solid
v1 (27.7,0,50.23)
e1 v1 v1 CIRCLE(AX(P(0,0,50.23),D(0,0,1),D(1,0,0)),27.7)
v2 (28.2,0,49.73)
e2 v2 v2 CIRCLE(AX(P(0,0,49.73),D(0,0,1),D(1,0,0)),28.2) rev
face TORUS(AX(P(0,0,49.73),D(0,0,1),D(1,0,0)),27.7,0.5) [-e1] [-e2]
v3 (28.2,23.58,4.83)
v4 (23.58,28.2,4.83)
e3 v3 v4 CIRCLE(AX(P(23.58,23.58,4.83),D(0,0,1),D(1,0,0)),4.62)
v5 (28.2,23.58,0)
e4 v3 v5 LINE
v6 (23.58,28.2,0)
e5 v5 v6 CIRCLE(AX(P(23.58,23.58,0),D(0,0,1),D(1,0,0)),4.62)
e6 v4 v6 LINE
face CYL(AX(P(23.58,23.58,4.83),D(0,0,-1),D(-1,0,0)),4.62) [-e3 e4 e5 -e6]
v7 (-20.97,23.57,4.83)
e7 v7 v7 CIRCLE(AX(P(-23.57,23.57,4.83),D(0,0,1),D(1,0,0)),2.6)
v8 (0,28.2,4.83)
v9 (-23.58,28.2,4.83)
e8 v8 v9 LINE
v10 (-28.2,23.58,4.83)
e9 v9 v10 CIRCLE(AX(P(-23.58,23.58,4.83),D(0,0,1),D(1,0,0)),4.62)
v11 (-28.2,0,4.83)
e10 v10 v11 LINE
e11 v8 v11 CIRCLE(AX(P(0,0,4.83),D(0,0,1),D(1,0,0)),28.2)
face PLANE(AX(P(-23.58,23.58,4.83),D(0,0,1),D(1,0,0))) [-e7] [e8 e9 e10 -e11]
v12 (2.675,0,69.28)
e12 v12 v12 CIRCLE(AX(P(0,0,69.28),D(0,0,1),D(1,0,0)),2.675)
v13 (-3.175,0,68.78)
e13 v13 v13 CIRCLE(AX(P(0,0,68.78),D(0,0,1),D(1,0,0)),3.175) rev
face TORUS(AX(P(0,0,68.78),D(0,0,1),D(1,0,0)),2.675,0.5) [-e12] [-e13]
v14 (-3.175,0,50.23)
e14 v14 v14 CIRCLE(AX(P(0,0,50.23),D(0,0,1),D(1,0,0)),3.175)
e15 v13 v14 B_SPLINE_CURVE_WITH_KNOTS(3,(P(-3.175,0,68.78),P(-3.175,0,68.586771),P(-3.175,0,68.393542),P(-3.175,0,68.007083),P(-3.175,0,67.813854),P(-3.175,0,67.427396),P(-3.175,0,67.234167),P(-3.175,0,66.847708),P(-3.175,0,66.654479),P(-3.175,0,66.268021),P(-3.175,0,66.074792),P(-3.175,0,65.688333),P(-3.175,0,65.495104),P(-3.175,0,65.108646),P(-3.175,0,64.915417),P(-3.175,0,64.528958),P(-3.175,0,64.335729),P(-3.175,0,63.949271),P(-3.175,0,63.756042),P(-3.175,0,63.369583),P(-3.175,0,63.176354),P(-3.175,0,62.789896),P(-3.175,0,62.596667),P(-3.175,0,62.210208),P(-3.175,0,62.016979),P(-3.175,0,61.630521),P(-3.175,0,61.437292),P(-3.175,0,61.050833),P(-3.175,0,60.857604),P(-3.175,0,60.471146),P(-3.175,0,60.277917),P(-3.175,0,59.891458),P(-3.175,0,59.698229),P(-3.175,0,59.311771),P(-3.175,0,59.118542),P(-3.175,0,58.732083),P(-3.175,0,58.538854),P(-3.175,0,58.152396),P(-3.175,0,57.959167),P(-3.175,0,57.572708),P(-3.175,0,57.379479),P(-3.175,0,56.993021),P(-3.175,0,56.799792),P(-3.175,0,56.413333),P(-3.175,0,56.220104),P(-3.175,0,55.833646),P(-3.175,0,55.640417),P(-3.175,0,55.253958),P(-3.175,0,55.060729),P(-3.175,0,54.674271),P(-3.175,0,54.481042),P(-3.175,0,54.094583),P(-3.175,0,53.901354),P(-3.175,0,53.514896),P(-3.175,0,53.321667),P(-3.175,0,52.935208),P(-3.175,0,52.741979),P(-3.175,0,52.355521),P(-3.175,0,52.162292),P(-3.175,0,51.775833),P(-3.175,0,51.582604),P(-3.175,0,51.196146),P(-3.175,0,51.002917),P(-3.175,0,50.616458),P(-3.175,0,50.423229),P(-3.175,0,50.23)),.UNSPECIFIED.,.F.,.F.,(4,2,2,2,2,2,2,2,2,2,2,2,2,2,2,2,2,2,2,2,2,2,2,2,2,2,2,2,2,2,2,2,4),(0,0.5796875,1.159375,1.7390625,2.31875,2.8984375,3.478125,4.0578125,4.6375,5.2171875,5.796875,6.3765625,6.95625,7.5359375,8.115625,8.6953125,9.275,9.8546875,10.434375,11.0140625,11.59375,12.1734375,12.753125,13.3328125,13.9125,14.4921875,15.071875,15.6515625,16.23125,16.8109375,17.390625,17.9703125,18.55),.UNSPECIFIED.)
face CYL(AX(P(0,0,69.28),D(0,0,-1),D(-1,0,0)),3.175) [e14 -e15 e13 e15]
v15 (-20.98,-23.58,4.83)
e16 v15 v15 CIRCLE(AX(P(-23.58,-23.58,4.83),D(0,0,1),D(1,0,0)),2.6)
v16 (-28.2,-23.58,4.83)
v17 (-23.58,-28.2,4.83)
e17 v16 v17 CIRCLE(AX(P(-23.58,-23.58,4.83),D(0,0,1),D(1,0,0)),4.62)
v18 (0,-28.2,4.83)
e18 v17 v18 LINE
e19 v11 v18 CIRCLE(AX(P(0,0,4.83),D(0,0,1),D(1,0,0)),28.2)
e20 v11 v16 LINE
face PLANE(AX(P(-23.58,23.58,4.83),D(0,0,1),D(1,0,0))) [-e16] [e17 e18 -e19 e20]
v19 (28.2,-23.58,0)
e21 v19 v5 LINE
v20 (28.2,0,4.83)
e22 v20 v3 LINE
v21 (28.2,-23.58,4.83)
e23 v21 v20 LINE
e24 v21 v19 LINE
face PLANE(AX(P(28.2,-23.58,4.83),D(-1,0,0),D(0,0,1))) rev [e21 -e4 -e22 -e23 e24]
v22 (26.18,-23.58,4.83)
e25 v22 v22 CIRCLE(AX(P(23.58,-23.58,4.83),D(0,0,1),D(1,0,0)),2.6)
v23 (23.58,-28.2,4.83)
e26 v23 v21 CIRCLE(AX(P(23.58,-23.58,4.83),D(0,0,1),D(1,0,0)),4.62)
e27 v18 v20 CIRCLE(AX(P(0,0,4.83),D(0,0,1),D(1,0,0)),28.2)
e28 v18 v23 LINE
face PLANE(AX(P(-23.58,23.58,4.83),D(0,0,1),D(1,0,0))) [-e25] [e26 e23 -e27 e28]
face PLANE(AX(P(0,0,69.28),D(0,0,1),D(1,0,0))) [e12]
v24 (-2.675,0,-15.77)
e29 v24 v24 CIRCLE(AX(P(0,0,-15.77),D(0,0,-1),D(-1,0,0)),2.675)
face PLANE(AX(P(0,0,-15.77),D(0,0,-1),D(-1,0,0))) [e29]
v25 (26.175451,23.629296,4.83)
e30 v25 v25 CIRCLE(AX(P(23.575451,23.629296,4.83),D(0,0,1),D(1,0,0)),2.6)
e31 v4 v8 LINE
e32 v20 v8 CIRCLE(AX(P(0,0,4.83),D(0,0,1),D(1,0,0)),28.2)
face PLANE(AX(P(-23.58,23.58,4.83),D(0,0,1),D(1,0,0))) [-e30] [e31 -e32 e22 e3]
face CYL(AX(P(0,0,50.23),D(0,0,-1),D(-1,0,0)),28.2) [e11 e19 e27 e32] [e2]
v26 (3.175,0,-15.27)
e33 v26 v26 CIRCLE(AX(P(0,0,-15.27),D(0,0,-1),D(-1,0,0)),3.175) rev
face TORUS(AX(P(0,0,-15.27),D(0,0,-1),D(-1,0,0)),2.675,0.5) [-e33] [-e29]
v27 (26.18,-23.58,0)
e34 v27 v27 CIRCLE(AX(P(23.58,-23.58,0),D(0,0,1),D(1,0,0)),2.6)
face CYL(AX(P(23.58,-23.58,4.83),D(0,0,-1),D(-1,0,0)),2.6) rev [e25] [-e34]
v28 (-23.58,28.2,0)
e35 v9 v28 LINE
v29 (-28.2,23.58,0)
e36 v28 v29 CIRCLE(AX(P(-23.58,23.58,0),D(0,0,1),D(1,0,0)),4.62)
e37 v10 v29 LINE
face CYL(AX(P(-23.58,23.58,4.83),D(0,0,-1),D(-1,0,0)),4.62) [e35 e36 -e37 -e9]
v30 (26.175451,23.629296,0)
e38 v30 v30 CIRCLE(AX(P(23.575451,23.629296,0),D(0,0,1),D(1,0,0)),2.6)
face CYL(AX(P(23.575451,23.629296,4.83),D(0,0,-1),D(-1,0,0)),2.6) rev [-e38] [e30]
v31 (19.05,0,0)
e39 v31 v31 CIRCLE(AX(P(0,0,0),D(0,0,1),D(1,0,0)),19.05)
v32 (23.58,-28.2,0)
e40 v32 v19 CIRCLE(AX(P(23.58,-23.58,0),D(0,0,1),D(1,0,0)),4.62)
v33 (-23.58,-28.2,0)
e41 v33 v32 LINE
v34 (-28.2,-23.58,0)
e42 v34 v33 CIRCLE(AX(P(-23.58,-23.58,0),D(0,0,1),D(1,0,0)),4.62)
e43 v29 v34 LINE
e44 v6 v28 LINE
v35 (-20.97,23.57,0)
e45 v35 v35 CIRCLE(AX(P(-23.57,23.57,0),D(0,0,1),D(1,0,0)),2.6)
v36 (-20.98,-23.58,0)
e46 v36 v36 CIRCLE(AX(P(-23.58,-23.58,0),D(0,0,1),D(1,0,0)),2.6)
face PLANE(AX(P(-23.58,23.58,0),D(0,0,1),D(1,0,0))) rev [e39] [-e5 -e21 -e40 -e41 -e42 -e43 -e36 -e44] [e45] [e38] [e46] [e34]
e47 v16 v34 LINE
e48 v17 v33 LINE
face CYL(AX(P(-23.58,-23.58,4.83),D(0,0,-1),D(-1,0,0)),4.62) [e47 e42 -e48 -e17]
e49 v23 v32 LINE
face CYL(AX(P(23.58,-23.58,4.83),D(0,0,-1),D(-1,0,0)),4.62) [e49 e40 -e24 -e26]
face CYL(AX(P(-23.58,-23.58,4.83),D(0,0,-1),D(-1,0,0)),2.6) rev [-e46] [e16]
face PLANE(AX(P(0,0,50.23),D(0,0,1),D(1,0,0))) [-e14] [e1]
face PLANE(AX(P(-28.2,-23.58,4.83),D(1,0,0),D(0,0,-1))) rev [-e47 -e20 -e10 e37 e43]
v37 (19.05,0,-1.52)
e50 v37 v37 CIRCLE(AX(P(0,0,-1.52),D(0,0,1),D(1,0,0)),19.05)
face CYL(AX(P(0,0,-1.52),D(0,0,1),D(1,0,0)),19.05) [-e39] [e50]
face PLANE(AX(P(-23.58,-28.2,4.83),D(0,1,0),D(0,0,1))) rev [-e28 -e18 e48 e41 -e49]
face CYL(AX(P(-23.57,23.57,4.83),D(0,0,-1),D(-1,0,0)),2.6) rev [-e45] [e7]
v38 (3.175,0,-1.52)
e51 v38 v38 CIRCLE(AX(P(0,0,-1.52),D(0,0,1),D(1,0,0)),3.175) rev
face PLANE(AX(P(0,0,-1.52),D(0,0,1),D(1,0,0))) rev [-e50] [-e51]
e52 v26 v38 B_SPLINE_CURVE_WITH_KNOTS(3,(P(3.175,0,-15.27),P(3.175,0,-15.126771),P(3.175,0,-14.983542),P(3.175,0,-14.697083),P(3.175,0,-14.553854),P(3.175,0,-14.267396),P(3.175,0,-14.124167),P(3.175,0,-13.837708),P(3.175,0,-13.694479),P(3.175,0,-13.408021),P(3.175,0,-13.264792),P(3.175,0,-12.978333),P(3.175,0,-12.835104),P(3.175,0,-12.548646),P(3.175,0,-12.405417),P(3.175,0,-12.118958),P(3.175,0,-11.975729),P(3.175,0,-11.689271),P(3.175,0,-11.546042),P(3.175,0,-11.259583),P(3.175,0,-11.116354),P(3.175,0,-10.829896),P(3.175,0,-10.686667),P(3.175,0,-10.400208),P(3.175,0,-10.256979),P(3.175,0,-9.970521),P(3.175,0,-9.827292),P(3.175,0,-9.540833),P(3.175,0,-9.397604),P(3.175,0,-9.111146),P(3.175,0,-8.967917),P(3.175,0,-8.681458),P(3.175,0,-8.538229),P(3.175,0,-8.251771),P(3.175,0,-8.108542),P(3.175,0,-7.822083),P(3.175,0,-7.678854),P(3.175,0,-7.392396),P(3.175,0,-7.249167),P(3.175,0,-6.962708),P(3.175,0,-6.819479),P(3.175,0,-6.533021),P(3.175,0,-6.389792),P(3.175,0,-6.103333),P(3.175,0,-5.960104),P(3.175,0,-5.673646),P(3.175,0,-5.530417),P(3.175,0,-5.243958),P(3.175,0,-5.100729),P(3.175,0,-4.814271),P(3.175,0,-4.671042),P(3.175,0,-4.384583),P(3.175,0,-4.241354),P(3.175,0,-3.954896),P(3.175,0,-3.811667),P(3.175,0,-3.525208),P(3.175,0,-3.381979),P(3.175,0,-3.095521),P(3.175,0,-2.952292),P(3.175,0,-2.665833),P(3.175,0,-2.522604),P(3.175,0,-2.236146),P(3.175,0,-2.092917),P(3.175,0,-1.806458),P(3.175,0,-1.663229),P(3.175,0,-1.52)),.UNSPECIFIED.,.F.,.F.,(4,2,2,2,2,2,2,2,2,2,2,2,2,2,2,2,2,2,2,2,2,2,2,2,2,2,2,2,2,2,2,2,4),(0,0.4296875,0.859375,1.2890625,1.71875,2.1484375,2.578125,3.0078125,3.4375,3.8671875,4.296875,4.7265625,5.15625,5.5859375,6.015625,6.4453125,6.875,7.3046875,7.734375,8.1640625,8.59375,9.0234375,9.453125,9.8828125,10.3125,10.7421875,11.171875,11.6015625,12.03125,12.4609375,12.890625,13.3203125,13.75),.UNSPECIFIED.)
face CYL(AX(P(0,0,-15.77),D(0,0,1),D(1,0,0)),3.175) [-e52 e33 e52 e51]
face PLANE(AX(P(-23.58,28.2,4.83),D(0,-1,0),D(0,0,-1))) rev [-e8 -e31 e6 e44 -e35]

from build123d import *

# Parameters (mm, degrees)
ESBO_O1_R                = 2.6
ESBO_O1_R_2              = 3.175
RESSALTO_EXTRUS_O1_DEPTH = 4.83
RESSALTO_EXTRUS_O2_START = -1.52
ESBO_O2_R                = 19.05
ESBO_O2_R_2              = 3.175
RESSALTO_EXTRUS_O2_DEPTH = 1.52
ESBO_O3_R                = 28.2
RESSALTO_EXTRUS_O3_DEPTH = 45.4
RESSALTO_EXTRUS_O4_START = 20.6
ESBO_O4_R                = 3.175
RESSALTO_EXTRUS_O4_DEPTH = 20.6
FILETE1_R                = 0.5
ESBO_O5_R                = 3.175
RESSALTO_EXTRUS_O5_DEPTH = 19.05
FILETE2_R                = 0.5
FILETE3_R                = 0.5


with BuildPart() as part:
    # Esboço1 → Ressalto-extrusão1 (new body)
    with BuildSketch(Plane.XY):
        with BuildLine():
            Line((-23.58, -28.2), (23.58, -28.2))
            ThreePointArc((23.58, -28.2), (26.846833329, -26.846833329), (28.2, -23.58))
            Line((28.2, -23.58), (28.2, 23.58))
            ThreePointArc((28.2, 23.58), (26.846833329, 26.846833329), (23.58, 28.2))
            Line((23.58, 28.2), (-23.58, 28.2))
            ThreePointArc((-23.58, 28.2), (-26.846833329, 26.846833329), (-28.2, 23.58))
            Line((-28.2, 23.58), (-28.2, -23.58))
            ThreePointArc((-28.2, -23.58), (-26.846833329, -26.846833329), (-23.58, -28.2))
        make_face()
        with Locations((-23.57, 23.57)):
            Circle(ESBO_O1_R, mode=Mode.SUBTRACT)
        with Locations((23.575450692, 23.629295607)):
            Circle(ESBO_O1_R, mode=Mode.SUBTRACT)
        with Locations((23.58, -23.58)):
            Circle(ESBO_O1_R, mode=Mode.SUBTRACT)
        with Locations((-23.58, -23.58)):
            Circle(ESBO_O1_R, mode=Mode.SUBTRACT)
        Circle(ESBO_O1_R_2, mode=Mode.SUBTRACT)
    extrude(amount=RESSALTO_EXTRUS_O1_DEPTH)

    # Esboço2 → Ressalto-extrusão2 (add)
    with BuildSketch(Plane.XY.offset(RESSALTO_EXTRUS_O2_START)):
        Circle(ESBO_O2_R)
        Circle(ESBO_O2_R_2, mode=Mode.SUBTRACT)
    extrude(amount=RESSALTO_EXTRUS_O2_DEPTH)

    # Esboço3 → Ressalto-extrusão3 (add)
    with BuildSketch(Plane.XY.offset(4.83)):
        Circle(ESBO_O3_R)
    extrude(amount=RESSALTO_EXTRUS_O3_DEPTH)

    # Esboço4 → Ressalto-extrusão4 (add)
    with BuildSketch(Plane(origin=(0, 0, 4.83), x_dir=(-1, 0, 0), z_dir=(0, 0, -1)).offset(RESSALTO_EXTRUS_O4_START)):
        with Locations(Location((0, 0, 0), (0, 0, 180))):
            Circle(ESBO_O4_R)
    extrude(amount=-RESSALTO_EXTRUS_O4_DEPTH)

    # Filete1
    filete1_edges = [part.edges().sort_by_distance(p)[0] for p in [
        (-3.175, 0, -15.77),
    ]]
    fillet(filete1_edges, radius=FILETE1_R)

    # Esboço5 → Ressalto-extrusão5 (add)
    with BuildSketch(Plane.XY.offset(50.23)):
        Circle(ESBO_O5_R)
    extrude(amount=RESSALTO_EXTRUS_O5_DEPTH)

    # Filete2
    filete2_edges = [part.edges().sort_by_distance(p)[0] for p in [
        (-3.175, 0, 69.28),
    ]]
    fillet(filete2_edges, radius=FILETE2_R)

    # Filete3
    filete3_edges = [part.edges().sort_by_distance(p)[0] for p in [
        (-28.2, 0, 50.23),
    ]]
    fillet(filete3_edges, radius=FILETE3_R)


solid = part.part
